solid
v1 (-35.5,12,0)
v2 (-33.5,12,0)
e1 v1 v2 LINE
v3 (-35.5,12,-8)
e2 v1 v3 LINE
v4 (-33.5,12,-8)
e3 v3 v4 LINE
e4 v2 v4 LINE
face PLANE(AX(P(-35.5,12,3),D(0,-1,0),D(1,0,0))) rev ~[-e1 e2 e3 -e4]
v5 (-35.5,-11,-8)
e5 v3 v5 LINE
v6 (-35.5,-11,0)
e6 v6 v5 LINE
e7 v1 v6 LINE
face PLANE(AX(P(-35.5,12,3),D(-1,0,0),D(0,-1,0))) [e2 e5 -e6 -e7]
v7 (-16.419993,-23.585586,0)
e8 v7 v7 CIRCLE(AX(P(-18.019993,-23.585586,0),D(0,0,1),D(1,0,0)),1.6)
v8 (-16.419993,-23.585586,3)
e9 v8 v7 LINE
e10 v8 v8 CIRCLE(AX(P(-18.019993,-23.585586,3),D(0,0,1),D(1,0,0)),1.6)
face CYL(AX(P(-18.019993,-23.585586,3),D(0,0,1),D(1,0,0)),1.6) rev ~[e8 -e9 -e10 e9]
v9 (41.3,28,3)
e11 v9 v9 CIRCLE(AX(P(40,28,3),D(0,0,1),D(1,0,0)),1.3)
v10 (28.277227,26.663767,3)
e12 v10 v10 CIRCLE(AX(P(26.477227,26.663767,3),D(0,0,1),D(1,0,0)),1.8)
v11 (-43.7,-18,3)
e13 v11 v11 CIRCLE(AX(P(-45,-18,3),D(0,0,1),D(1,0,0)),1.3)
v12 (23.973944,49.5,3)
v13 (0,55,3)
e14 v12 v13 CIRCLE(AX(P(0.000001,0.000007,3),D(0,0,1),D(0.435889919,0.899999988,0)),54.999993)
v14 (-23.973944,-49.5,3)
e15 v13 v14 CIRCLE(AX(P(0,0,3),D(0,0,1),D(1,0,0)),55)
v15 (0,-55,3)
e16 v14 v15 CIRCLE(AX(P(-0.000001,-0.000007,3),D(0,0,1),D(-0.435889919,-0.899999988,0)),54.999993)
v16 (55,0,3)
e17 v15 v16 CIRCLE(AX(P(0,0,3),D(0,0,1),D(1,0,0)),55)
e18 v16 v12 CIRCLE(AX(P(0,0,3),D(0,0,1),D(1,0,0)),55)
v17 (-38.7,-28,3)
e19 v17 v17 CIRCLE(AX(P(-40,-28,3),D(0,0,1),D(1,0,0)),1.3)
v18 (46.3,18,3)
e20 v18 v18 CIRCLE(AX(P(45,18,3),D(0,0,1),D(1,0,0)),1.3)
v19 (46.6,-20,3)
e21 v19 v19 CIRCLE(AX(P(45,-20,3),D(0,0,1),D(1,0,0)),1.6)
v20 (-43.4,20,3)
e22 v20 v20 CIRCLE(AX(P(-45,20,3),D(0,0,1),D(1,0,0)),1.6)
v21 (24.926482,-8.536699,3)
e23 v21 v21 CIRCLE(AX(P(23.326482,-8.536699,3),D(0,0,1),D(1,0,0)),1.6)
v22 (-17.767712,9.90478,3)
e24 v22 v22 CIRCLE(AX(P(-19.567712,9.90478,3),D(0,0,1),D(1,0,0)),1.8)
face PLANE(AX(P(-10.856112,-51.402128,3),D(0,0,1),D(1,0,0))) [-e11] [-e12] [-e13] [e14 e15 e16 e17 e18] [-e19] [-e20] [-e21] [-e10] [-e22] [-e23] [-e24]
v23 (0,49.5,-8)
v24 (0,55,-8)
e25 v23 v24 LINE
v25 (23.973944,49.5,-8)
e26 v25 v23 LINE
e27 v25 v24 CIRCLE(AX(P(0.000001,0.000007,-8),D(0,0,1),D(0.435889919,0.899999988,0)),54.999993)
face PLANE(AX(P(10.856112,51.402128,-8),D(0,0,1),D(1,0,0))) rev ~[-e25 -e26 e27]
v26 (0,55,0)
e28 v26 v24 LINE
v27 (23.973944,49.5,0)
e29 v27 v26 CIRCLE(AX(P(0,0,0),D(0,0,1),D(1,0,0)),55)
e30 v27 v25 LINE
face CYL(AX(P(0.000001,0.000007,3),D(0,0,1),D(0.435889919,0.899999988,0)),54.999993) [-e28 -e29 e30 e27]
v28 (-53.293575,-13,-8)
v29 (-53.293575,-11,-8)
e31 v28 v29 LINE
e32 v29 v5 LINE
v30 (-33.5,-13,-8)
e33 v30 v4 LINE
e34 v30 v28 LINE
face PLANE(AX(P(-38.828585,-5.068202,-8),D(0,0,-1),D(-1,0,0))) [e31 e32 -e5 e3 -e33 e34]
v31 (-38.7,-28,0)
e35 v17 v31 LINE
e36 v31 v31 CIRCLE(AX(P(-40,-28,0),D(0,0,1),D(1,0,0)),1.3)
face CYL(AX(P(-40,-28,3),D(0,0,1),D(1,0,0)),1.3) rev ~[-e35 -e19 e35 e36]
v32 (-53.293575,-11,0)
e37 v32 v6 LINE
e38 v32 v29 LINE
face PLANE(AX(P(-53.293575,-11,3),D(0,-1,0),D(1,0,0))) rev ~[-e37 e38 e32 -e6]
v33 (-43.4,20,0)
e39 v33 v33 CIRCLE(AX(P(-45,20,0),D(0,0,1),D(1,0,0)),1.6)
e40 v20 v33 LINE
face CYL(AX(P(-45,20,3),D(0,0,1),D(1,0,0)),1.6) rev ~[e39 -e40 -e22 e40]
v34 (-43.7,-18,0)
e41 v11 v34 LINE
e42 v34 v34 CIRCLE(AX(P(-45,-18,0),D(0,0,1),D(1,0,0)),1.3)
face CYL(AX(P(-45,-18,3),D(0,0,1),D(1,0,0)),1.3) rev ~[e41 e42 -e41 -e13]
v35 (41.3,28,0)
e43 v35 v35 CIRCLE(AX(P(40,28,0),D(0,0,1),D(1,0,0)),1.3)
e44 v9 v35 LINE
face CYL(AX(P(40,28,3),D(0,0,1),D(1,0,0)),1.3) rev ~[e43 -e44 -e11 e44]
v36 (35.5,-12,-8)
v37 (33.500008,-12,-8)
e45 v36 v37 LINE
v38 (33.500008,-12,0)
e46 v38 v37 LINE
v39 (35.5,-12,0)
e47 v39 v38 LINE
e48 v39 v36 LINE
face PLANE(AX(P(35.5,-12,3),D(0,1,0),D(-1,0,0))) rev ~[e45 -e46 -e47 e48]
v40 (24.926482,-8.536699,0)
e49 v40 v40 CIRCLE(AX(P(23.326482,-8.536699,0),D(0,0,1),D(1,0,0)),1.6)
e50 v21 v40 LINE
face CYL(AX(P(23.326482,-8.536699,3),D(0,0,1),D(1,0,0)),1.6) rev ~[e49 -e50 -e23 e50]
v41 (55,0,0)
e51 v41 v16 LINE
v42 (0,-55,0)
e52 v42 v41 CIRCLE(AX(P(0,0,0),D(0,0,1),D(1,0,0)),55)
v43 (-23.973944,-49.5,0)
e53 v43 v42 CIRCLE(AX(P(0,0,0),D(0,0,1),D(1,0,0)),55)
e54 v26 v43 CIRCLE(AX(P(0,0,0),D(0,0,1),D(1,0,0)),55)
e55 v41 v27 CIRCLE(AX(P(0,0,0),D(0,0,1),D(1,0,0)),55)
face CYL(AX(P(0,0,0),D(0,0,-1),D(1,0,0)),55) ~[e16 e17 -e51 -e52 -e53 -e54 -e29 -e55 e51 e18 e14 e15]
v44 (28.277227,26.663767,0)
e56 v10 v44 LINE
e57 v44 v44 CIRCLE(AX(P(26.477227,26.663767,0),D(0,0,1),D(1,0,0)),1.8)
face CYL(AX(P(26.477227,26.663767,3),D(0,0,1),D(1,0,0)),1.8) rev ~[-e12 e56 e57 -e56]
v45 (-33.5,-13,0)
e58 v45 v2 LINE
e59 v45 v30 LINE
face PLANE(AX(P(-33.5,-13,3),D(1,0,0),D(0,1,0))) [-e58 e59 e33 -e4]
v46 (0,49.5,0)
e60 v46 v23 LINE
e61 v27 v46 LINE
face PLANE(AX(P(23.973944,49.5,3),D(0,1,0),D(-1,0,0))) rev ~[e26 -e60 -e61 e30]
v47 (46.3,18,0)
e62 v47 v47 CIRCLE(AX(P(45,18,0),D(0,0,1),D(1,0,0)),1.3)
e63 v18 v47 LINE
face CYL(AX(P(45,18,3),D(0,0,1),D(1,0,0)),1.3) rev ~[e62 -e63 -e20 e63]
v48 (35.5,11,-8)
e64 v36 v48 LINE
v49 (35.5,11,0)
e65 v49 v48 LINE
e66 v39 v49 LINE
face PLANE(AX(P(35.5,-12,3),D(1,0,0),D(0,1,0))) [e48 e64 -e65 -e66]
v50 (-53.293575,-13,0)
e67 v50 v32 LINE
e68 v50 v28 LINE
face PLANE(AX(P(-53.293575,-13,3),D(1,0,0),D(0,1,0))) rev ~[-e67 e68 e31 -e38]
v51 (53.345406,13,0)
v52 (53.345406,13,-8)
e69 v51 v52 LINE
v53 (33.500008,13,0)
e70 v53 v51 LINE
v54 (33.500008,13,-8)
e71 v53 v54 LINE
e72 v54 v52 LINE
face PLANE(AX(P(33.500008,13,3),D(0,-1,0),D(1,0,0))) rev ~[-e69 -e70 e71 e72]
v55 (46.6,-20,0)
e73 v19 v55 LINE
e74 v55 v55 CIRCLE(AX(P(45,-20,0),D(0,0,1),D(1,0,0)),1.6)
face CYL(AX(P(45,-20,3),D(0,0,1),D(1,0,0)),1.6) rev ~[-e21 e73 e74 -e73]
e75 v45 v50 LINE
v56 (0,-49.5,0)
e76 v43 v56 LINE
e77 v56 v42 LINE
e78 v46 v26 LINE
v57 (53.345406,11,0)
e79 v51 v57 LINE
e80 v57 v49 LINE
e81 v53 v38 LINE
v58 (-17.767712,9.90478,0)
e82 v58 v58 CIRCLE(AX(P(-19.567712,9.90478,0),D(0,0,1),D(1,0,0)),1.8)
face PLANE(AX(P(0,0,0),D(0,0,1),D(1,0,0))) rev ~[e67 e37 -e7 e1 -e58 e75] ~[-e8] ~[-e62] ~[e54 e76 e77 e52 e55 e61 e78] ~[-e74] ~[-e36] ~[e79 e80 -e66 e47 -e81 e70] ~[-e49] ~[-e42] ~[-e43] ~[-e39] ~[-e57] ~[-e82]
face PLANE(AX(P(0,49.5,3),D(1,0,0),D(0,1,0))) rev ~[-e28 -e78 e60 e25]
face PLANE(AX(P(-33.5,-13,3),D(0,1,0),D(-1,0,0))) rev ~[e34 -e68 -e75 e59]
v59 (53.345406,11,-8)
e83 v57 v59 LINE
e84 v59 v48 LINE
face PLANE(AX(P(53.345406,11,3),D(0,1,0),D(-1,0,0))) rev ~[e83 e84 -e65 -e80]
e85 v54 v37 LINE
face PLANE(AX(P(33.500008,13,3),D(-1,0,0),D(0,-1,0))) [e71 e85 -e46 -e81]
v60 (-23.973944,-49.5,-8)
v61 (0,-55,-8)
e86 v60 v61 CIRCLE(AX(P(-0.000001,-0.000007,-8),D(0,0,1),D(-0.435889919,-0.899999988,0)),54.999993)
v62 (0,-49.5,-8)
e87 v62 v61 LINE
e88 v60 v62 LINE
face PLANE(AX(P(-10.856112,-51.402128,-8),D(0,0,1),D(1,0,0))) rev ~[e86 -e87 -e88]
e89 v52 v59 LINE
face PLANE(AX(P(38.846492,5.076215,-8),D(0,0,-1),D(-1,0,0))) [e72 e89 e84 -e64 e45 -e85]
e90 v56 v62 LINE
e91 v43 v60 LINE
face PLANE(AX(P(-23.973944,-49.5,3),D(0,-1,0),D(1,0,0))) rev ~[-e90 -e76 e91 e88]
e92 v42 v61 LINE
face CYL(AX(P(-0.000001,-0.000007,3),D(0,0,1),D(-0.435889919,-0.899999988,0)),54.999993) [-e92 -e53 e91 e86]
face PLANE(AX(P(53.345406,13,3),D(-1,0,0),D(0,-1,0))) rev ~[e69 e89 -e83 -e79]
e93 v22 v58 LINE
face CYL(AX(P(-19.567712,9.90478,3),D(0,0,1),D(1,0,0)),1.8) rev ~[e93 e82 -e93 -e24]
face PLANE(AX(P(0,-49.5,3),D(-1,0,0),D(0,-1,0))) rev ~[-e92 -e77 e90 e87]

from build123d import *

# Parameters (mm, degrees)
SKETCH_R        = 55
PAD_DEPTH       = 3
SKETCH003_R     = 1.3
SKETCH003_R_2   = 1.8
SKETCH003_R_3   = 1.6
POCKET_DEPTH    = 5
PAD001_DEPTH    = 11
PAD002_DEPTH    = 11
SKETCH004_R     = 1.6
POCKET001_DEPTH = 5


with BuildPart() as part:
    # Sketch → Pad (new body)
    with BuildSketch(Plane.XY):
        Circle(SKETCH_R)
    extrude(amount=PAD_DEPTH)

    # Sketch003 → Pocket (cut)
    with BuildSketch(Plane.XY.offset(3)):
        with Locations((-45, -18)):
            Circle(SKETCH003_R)
        with Locations((45, 18)):
            Circle(SKETCH003_R)
        with Locations((-40, -28)):
            Circle(SKETCH003_R)
        with Locations((40, 28)):
            Circle(SKETCH003_R)
        with Locations((-19.567712, 9.90478)):
            Circle(SKETCH003_R_2)
        with Locations((26.477227, 26.663767)):
            Circle(SKETCH003_R_2)
        with Locations((-18.019993, -23.585586)):
            Circle(SKETCH003_R_3)
        with Locations((23.326482, -8.536699)):
            Circle(SKETCH003_R_3)
    extrude(amount=-POCKET_DEPTH, mode=Mode.SUBTRACT)

    # Sketch001 (on Face3 of Pad) → Pad001 (join)
    with BuildSketch(Plane.XY.offset(3)):
        Polygon((33.500008, 0), (33.500008, 13), (53.345406, 13), (53.345406, 11), (35.5, 11), (35.5, -0.005684), (35.5, -12), (33.500008, -12), align=None)
        Polygon((-33.5, 0), (-33.5, -13), (-53.293575, -13), (-53.293575, -11), (-35.5, -11), (-35.5, 0.001212), (-35.5, 12), (-33.5, 12), align=None)
    extrude(amount=-PAD001_DEPTH)

    # Sketch002 → Pad002 (join)
    with BuildSketch(Plane.XY.offset(3)):
        with BuildLine():
            ThreePointArc((-23.973944, -49.5), (-12.298374, -53.607369), (0, -55))
            Line((0, -49.5), (0, -55))
            Line((-23.973944, -49.5), (0, -49.5))
        make_face()
        with BuildLine():
            ThreePointArc((23.973944, 49.5), (12.298374, 53.607369), (0, 55))
            Line((0, 49.5), (0, 55))
            Line((23.973944, 49.5), (0, 49.5))
        make_face()
    extrude(amount=-PAD002_DEPTH)

    # Sketch004 (on Face4 of Pad002) → Pocket001 (cut)
    with BuildSketch(Plane.XY.offset(3)):
        with Locations((-45, 20)):
            Circle(SKETCH004_R)
        with Locations((45, -20)):
            Circle(SKETCH004_R)
    extrude(amount=-POCKET001_DEPTH, mode=Mode.SUBTRACT)


solid = part.part
